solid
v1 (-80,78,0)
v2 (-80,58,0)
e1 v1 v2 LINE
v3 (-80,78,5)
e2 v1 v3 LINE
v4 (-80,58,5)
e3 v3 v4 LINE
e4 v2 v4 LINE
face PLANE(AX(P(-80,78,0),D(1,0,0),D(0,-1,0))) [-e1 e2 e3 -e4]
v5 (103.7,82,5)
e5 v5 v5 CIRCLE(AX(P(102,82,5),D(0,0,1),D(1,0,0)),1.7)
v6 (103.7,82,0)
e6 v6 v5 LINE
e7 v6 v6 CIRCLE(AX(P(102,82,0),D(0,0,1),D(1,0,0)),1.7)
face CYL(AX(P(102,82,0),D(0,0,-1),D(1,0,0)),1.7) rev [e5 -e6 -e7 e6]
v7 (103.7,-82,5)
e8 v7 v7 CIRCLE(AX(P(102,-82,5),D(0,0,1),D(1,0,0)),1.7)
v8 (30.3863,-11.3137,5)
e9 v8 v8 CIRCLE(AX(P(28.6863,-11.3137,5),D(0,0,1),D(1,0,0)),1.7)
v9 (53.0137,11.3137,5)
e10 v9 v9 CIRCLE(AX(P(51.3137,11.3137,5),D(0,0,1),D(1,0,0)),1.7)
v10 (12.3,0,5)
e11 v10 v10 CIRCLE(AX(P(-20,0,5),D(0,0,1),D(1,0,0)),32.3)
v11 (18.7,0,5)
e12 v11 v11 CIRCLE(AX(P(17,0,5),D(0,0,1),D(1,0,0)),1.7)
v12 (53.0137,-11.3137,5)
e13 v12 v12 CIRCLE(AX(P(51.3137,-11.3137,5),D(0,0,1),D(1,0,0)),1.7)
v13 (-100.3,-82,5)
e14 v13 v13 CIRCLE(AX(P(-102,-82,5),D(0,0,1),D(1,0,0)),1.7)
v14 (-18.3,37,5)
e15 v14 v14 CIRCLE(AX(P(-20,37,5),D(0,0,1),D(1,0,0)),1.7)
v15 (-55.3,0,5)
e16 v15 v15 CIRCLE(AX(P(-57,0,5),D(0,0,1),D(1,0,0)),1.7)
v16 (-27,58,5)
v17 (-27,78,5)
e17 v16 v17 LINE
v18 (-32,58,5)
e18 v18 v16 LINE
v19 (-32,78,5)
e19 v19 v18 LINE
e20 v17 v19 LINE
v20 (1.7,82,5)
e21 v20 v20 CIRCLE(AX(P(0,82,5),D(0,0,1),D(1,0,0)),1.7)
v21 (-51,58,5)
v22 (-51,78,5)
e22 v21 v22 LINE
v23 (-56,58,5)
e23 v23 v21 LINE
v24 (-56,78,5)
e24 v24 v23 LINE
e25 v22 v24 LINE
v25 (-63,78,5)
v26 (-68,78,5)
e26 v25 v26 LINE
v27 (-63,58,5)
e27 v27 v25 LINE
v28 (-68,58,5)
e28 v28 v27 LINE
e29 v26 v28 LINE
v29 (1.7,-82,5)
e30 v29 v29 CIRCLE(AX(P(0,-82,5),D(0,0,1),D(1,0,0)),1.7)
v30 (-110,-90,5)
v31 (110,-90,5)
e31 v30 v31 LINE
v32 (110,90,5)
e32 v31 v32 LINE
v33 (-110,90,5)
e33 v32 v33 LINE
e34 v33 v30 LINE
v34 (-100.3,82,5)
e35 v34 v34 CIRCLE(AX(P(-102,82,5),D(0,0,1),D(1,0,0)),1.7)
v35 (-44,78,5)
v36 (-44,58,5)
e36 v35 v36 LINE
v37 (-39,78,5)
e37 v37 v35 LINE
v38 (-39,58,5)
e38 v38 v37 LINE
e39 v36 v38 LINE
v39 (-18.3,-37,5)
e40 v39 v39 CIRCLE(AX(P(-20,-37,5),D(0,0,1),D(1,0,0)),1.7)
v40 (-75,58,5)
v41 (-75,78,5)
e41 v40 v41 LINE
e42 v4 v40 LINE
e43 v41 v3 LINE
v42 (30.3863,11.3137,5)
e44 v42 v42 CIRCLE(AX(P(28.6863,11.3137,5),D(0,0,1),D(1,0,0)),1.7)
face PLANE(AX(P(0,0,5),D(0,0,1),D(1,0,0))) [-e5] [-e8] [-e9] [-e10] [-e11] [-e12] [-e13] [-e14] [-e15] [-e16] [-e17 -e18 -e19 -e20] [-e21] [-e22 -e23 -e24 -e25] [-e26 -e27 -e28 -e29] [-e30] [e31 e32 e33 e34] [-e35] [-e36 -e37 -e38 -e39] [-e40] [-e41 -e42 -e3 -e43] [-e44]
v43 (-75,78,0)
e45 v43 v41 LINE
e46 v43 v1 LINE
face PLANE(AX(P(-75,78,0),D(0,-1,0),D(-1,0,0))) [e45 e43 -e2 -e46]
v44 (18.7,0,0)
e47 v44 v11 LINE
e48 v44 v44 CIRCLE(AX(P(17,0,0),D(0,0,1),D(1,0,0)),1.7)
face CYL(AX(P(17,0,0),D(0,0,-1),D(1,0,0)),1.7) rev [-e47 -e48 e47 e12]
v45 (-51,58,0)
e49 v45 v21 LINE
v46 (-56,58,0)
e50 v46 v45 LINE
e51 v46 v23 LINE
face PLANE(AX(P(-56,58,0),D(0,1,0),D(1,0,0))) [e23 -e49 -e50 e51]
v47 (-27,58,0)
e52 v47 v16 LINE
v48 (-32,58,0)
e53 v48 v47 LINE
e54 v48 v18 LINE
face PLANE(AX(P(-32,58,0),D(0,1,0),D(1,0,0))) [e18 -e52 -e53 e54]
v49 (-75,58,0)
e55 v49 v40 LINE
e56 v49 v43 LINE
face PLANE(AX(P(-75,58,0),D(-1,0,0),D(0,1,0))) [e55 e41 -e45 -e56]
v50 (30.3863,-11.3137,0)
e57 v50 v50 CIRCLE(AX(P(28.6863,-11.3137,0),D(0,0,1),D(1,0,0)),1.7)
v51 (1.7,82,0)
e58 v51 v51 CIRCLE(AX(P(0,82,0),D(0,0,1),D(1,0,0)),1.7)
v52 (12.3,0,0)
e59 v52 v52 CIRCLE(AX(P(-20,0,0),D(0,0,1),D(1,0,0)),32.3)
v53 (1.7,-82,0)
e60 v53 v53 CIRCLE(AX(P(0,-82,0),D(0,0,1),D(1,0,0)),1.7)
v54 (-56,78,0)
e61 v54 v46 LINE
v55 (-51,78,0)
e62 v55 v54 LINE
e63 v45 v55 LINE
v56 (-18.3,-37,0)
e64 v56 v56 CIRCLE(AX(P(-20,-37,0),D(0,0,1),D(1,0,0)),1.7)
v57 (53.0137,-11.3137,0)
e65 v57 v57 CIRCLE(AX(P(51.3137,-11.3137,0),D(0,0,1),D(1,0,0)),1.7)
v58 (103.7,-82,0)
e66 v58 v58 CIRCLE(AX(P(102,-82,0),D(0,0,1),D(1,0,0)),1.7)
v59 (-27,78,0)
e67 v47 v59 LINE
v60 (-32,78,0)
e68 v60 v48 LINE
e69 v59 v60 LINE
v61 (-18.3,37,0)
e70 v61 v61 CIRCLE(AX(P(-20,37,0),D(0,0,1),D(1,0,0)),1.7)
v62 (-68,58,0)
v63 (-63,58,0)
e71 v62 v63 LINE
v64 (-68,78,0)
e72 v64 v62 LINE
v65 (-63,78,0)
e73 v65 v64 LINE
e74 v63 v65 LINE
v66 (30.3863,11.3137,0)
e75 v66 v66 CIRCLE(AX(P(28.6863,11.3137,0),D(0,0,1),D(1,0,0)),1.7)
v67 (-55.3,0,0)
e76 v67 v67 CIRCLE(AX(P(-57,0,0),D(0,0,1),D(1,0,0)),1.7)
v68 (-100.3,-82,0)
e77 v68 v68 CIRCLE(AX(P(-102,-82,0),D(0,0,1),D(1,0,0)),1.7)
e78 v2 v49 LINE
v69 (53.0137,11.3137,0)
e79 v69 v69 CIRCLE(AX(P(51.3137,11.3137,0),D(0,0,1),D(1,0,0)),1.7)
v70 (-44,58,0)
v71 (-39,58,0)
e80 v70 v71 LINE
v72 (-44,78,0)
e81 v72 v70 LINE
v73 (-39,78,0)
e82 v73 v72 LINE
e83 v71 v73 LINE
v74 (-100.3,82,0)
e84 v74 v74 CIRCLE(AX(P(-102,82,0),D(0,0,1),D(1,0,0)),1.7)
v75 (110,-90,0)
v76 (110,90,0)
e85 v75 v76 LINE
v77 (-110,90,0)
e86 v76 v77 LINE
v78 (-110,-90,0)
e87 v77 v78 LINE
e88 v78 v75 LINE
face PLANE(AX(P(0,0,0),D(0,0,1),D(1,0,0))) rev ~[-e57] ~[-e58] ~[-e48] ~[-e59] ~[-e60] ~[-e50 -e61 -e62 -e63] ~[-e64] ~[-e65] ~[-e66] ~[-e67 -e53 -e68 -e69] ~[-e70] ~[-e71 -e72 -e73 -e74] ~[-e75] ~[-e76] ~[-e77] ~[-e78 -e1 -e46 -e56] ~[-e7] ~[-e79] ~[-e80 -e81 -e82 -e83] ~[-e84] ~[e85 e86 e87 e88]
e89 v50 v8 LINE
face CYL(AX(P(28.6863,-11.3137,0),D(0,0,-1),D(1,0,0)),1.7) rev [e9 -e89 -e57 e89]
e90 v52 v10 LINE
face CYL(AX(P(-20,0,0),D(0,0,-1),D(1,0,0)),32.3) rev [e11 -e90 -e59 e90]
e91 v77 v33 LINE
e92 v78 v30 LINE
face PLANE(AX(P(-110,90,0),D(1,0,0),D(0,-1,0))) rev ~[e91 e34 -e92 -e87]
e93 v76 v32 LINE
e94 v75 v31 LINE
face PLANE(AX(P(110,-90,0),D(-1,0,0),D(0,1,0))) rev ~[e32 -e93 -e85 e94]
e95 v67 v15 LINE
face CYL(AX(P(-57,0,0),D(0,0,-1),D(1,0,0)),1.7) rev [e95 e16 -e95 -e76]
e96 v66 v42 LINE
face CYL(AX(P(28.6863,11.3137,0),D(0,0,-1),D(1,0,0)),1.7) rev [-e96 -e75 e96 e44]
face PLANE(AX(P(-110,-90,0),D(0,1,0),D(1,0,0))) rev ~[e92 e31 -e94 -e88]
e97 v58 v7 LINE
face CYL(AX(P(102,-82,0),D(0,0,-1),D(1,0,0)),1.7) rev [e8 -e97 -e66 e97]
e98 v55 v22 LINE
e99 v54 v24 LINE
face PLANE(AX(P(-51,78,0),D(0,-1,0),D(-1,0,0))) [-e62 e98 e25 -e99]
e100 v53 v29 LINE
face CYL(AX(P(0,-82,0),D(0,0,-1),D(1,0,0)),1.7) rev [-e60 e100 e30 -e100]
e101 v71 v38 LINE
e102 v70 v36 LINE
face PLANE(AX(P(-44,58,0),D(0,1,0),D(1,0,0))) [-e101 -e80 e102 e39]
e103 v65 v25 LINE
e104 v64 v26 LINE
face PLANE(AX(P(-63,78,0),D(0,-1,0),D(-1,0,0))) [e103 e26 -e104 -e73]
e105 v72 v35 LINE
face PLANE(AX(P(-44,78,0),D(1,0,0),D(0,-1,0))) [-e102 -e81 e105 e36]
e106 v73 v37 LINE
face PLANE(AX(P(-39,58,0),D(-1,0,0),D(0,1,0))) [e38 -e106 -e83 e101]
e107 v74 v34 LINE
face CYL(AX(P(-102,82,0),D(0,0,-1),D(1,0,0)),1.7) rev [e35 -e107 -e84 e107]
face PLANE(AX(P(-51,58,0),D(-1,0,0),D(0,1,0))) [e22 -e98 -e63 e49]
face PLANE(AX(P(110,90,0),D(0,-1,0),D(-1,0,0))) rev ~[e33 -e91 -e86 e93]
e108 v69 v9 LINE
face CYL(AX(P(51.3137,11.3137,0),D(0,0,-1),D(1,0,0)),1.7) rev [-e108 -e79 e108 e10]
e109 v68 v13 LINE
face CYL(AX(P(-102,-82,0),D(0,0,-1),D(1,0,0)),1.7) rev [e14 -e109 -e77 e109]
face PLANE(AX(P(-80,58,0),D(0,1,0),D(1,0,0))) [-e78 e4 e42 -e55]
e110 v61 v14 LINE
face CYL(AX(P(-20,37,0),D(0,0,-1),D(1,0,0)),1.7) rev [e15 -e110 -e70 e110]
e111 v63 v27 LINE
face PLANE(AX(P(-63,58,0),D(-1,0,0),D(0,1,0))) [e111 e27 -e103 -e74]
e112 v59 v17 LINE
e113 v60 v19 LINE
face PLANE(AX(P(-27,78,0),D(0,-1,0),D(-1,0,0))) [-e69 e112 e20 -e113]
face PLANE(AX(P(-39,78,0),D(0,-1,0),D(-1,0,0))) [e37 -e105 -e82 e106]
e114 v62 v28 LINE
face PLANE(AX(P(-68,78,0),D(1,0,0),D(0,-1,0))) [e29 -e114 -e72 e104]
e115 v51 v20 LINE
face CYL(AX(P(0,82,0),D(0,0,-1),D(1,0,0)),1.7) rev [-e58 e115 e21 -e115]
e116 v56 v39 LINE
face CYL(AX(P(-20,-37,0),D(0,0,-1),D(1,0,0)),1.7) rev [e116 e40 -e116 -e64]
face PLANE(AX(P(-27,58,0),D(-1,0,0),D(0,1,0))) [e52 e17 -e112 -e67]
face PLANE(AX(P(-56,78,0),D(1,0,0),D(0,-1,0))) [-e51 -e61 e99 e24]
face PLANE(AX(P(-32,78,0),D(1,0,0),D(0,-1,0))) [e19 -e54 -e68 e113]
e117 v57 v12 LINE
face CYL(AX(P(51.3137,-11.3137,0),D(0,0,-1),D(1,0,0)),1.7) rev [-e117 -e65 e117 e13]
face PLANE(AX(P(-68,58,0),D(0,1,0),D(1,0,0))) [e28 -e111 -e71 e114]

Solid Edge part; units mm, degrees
sketch "Sketch1" plane through (0, 0, 0) normal (0, 0, 1) x (1, 0, 0)
  line L0 (-110, -90) -> (110, -90)
  line L1 (110, -90) -> (110, 90)
  line L2 (110, 90) -> (-110, 90)
  line L3 (-110, 90) -> (-110, -90)
  circle A0 centre (-20, 0) radius 32.3
  circle A1 centre (-102, -82) radius 1.7
  circle A2 centre (-102, 82) radius 1.7
  circle A3 centre (102, -82) radius 1.7
  circle A4 centre (102, 82) radius 1.7
  circle A5 centre (0, -82) radius 1.7
  circle A6 centre (0, 82) radius 1.7
  circle A7 centre (17, 0) radius 1.7
  circle A8 centre (-57, 0) radius 1.7
  circle A9 centre (-20, 37) radius 1.7
  circle A10 centre (-20, -37) radius 1.7
  circle A11 centre (51.3137, 11.3137) radius 1.7
  circle A12 centre (28.6863, 11.3137) radius 1.7
  circle A13 centre (28.6863, -11.3137) radius 1.7
  circle A14 centre (51.3137, -11.3137) radius 1.7
  line L4 (-80, 58) -> (-75, 58)
  line L5 (-75, 58) -> (-75, 78)
  line L6 (-75, 78) -> (-80, 78)
  line L7 (-80, 78) -> (-80, 58)
  line L8 (-68, 58) -> (-63, 58)
  line L9 (-63, 58) -> (-63, 78)
  line L10 (-63, 78) -> (-68, 78)
  line L11 (-68, 78) -> (-68, 58)
  line L12 (-56, 58) -> (-51, 58)
  line L13 (-51, 58) -> (-51, 78)
  line L14 (-51, 78) -> (-56, 78)
  line L15 (-56, 78) -> (-56, 58)
  line L16 (-44, 58) -> (-39, 58)
  line L17 (-39, 58) -> (-39, 78)
  line L18 (-39, 78) -> (-44, 78)
  line L19 (-44, 78) -> (-44, 58)
  line L20 (-32, 58) -> (-27, 58)
  line L21 (-27, 58) -> (-27, 78)
  line L22 (-27, 78) -> (-32, 78)
  line L23 (-32, 78) -> (-32, 58)
extrude "Protrusion1" add sketch "Sketch1" along normal blind 5
